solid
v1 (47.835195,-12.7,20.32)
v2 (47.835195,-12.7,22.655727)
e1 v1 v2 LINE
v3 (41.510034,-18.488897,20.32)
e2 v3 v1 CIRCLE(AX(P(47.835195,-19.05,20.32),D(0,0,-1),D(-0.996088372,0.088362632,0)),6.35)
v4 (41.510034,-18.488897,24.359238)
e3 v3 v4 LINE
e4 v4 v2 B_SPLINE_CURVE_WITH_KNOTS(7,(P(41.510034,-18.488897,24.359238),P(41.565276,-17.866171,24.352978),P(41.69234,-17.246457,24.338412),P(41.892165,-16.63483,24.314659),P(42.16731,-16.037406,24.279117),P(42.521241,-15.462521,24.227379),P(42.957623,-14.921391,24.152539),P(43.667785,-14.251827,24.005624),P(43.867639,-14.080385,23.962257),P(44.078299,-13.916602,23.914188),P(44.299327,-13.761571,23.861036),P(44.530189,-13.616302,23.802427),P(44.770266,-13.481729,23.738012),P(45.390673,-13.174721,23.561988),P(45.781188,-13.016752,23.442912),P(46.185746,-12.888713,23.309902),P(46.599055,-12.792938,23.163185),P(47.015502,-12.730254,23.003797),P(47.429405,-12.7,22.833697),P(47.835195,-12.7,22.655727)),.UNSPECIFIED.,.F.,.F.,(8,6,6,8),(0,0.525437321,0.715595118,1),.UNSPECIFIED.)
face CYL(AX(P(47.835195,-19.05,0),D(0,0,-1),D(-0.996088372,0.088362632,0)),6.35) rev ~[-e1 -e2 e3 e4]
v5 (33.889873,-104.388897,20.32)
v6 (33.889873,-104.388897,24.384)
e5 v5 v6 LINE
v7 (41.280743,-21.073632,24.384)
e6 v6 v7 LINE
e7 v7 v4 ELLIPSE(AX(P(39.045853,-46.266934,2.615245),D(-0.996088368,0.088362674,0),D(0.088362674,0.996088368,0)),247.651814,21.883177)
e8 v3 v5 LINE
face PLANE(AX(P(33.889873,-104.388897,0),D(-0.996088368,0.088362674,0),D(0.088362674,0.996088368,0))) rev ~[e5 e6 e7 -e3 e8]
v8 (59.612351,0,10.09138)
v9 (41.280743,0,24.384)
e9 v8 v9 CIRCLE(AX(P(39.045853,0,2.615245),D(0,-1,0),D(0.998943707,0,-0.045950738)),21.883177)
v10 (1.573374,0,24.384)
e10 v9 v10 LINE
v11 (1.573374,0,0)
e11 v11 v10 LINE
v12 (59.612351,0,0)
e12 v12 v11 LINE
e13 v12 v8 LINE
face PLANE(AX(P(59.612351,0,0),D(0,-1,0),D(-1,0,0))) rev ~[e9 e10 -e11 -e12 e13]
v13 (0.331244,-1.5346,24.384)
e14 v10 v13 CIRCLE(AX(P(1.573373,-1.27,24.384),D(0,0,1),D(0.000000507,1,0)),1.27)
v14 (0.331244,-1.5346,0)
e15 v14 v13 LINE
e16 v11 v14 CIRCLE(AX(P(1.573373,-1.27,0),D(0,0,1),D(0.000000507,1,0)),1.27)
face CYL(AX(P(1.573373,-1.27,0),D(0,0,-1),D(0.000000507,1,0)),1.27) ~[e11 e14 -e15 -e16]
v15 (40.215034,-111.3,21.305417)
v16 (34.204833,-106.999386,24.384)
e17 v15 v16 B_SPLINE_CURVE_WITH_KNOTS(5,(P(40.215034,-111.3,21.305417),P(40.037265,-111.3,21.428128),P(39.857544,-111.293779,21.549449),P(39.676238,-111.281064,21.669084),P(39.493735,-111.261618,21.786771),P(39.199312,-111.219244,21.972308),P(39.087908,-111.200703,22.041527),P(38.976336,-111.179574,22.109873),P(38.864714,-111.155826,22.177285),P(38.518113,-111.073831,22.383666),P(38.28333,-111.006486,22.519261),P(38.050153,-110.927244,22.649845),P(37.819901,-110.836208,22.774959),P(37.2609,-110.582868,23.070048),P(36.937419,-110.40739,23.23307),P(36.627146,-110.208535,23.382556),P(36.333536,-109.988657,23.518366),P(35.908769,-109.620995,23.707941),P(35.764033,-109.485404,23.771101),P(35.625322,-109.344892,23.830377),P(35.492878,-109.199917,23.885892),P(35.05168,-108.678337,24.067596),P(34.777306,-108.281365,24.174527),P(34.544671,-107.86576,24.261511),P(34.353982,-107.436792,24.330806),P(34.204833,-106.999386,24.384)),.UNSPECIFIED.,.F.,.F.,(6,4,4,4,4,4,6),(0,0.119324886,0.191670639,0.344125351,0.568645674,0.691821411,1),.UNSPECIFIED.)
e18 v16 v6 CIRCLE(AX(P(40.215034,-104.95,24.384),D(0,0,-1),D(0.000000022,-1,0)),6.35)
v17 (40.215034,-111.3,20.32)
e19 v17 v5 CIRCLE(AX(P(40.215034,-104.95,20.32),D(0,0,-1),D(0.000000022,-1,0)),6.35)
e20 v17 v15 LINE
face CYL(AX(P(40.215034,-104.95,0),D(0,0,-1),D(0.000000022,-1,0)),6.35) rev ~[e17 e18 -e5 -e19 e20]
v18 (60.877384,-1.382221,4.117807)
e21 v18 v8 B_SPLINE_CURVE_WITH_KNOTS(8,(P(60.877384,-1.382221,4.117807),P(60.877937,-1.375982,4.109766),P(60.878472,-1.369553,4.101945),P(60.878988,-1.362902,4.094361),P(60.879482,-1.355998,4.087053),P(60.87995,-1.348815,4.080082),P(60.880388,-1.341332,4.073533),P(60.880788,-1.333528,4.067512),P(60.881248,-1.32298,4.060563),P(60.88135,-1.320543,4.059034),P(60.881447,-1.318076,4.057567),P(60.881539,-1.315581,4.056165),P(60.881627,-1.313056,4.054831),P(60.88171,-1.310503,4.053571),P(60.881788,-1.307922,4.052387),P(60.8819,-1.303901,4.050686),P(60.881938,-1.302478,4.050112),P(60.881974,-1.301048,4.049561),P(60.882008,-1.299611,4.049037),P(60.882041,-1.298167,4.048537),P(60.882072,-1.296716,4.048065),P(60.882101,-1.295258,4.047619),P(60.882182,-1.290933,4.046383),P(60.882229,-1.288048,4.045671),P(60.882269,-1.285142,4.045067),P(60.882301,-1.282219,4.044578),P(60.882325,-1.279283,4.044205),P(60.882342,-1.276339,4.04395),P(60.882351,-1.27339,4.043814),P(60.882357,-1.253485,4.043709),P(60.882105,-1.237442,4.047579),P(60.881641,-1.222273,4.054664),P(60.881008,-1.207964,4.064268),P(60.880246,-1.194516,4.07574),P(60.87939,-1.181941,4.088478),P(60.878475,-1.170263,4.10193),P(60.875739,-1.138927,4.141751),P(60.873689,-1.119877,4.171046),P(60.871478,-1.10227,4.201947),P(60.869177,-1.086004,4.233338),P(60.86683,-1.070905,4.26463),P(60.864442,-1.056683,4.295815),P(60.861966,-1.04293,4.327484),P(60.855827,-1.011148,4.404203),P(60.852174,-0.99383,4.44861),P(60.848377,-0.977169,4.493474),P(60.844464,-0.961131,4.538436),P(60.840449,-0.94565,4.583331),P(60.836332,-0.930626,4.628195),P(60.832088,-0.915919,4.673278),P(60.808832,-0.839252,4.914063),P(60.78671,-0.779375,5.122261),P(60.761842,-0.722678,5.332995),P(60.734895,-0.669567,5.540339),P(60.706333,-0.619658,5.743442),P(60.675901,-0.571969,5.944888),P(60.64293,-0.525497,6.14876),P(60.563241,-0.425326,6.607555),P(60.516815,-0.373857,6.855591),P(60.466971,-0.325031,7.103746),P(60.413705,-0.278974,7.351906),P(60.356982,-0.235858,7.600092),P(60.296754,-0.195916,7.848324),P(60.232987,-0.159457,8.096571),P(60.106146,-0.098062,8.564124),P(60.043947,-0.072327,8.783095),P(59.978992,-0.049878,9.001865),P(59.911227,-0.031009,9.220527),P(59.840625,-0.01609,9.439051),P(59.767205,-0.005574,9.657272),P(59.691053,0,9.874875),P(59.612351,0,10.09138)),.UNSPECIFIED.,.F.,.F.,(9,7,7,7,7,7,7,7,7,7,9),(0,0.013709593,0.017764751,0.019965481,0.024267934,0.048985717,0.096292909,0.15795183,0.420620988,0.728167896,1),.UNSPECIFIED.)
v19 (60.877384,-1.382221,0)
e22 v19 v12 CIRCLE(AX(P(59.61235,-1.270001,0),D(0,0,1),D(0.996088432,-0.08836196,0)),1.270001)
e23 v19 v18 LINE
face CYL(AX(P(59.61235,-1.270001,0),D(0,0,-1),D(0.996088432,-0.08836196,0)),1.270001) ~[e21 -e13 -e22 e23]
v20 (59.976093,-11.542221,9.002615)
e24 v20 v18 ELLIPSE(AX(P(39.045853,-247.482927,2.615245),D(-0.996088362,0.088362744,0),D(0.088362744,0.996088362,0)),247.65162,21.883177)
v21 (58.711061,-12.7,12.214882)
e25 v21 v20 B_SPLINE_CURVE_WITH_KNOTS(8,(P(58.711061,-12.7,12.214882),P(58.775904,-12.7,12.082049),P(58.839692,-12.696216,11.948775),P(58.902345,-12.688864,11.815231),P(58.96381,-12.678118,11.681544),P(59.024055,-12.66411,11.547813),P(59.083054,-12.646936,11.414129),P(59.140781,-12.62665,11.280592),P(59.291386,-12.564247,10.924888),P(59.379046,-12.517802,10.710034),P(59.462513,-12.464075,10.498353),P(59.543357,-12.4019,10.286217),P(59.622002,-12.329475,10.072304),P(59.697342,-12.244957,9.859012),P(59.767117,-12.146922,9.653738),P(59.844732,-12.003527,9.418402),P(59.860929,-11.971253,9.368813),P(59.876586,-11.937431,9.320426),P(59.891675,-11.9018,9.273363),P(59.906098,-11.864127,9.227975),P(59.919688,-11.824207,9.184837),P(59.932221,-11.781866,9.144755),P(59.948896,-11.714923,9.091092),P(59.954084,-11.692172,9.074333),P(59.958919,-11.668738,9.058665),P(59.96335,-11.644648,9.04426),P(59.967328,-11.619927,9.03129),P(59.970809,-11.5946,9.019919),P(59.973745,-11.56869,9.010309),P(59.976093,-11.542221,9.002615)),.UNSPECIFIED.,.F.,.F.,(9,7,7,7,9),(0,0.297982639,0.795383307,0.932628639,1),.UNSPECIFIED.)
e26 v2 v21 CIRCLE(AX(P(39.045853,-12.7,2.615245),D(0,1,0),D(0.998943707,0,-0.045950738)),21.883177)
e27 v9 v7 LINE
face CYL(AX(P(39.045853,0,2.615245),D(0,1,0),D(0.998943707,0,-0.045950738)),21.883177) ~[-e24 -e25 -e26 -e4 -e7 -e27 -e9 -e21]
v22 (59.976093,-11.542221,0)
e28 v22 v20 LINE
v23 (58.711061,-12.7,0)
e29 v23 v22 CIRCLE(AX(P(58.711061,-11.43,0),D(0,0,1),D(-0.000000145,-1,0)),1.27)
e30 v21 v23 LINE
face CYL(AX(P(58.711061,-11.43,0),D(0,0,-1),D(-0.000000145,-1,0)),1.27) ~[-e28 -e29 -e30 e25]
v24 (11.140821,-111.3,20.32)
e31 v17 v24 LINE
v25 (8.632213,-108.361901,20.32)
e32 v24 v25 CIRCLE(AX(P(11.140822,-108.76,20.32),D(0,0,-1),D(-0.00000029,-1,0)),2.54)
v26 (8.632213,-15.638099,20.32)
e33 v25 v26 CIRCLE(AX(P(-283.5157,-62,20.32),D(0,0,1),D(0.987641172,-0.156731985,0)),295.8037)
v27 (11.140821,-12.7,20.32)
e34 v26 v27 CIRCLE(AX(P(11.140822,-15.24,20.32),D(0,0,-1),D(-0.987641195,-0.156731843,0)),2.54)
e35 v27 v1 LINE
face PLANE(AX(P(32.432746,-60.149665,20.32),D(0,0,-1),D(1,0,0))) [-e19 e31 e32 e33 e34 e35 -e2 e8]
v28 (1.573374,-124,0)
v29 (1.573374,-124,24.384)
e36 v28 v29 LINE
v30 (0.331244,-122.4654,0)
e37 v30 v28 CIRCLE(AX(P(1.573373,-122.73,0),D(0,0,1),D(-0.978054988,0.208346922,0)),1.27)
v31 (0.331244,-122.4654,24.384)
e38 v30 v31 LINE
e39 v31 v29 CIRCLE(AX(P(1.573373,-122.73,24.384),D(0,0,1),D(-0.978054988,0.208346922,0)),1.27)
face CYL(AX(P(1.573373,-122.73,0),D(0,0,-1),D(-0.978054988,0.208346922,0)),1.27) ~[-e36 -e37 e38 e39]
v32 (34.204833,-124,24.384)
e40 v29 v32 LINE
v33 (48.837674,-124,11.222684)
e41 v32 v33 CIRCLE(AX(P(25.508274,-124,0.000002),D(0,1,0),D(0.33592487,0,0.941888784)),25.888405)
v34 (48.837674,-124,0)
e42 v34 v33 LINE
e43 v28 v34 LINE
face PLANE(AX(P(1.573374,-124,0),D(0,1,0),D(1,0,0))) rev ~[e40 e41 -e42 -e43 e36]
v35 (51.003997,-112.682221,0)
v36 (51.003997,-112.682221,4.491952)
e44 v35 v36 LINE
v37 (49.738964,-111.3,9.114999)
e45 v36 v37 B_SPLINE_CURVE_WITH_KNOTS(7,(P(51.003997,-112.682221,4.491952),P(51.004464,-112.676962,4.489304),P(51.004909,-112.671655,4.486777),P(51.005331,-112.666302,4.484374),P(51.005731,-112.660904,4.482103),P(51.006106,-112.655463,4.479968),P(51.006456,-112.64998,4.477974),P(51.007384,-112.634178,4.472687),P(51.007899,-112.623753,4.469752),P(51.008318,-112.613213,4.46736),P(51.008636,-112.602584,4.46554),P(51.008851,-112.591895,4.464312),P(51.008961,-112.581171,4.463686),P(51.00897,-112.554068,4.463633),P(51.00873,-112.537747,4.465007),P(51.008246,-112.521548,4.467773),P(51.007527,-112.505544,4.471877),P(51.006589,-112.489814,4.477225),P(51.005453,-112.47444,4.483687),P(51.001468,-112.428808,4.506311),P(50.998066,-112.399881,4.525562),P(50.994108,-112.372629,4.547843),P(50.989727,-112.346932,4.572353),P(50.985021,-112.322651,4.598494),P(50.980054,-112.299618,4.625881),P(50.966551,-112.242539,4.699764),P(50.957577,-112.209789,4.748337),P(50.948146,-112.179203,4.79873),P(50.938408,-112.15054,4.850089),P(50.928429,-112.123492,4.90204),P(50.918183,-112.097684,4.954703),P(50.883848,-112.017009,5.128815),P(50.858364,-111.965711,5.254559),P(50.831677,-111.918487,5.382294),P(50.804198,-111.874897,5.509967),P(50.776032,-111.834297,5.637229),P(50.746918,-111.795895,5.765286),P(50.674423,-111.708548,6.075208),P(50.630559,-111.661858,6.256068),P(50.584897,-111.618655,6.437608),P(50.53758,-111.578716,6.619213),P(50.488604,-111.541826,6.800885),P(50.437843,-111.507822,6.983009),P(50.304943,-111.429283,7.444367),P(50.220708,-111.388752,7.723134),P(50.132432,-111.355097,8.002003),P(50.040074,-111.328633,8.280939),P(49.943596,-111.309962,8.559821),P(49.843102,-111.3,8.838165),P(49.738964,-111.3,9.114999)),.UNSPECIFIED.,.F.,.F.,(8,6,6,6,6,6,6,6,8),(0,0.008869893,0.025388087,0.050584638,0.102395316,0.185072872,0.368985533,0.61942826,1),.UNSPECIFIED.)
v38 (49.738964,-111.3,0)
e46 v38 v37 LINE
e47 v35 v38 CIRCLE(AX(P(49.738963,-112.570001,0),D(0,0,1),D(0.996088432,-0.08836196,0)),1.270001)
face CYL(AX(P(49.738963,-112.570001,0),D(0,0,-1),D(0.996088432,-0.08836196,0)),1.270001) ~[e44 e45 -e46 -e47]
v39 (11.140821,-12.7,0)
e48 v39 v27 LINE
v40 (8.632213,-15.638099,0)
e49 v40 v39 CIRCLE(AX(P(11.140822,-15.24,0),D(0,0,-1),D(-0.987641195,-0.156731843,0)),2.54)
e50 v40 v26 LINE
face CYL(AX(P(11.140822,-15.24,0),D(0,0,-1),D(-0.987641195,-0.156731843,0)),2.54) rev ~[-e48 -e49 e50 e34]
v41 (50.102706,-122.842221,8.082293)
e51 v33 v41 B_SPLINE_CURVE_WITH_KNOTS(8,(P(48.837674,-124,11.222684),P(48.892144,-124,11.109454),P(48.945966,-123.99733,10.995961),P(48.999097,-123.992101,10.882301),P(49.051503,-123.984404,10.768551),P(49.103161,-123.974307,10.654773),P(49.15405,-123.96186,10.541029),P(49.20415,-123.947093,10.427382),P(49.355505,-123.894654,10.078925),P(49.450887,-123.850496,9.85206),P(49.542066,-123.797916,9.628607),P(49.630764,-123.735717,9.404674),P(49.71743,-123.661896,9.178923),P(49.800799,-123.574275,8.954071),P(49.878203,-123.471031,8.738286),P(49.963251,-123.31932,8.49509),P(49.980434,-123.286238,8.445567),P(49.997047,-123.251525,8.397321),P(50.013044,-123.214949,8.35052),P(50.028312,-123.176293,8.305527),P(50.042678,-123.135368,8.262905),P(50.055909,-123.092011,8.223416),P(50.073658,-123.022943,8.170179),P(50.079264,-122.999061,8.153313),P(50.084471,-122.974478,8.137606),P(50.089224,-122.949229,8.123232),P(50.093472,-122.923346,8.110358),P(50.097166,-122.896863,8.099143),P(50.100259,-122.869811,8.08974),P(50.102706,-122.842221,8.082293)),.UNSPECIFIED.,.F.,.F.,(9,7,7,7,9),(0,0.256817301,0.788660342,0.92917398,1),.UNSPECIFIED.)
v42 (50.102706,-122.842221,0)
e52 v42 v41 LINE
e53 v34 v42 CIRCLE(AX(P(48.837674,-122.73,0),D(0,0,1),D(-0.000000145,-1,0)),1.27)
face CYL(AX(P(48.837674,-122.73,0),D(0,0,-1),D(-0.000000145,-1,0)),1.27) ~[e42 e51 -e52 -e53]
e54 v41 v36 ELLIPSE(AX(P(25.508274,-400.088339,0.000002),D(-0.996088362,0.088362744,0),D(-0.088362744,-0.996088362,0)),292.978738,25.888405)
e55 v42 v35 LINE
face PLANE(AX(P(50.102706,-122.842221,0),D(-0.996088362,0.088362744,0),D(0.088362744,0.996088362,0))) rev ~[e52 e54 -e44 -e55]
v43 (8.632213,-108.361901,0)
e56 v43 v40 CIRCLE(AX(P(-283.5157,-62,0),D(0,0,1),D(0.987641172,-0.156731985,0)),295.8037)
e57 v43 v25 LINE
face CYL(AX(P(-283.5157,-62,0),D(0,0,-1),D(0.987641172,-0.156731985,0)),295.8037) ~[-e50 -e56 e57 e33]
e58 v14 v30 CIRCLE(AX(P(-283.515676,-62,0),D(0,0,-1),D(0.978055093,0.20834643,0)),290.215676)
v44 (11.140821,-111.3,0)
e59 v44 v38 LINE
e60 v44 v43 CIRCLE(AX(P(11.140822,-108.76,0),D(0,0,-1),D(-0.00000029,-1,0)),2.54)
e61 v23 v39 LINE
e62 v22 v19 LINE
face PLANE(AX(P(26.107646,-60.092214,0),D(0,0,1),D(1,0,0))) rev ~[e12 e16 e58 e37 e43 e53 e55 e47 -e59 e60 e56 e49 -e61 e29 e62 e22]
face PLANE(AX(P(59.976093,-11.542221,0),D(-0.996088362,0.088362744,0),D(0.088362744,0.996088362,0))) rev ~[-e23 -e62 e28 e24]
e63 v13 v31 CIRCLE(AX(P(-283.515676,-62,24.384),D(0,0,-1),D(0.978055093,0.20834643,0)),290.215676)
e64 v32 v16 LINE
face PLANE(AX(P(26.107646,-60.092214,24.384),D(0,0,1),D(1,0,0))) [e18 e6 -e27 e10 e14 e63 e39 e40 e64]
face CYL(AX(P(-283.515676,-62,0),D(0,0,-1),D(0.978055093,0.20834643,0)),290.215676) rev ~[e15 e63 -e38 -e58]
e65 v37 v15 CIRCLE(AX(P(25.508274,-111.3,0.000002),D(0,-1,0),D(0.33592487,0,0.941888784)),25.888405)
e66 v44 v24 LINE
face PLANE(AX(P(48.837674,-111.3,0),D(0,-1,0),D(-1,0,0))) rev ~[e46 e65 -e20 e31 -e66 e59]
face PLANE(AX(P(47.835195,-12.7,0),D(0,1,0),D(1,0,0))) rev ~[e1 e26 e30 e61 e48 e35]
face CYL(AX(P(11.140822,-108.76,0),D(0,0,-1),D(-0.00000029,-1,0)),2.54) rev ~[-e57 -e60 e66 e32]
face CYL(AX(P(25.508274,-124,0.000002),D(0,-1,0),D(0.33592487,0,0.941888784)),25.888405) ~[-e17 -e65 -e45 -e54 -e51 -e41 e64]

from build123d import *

# Parameters (mm, degrees)
F1_DEPTH = 24.384
F3_DEPTH = 20.32
F6_DEPTH = 124.001
F7_DEPTH = 19.5072


with BuildPart() as f1:
    # F0 (on Top) → F1 (new body)
    with BuildSketch(Plane.XY):
        with BuildLine():
            Line((59.612351, 0), (1.573374, 0))
            ThreePointArc((1.573374, 0), (0.586221, -0.470982), (0.331244, -1.5346))
            ThreePointArc((0.331244, -1.5346), (6.7, -62), (0.331244, -122.4654))
            ThreePointArc((0.331244, -122.4654), (0.586221, -123.529018), (1.573374, -124))
            Line((1.573374, -124), (48.837674, -124))
            ThreePointArc((48.837674, -124), (49.695106, -123.666862), (50.102706, -122.842221))
            Line((50.102706, -122.842221), (51.003997, -112.682221))
            ThreePointArc((51.003997, -112.682221), (50.675826, -111.712568), (49.738964, -111.3))
            Line((49.738964, -111.3), (40.215034, -111.3))
            ThreePointArc((40.215034, -111.3), (35.530725, -109.237161), (33.889873, -104.388897))
            Line((33.889873, -104.388897), (41.510034, -18.488897))
            ThreePointArc((41.510034, -18.488897), (43.548034, -14.365691), (47.835195, -12.7))
            Line((47.835195, -12.7), (58.711061, -12.7))
            ThreePointArc((58.711061, -12.7), (59.568493, -12.366862), (59.976093, -11.542221))
            Line((59.976093, -11.542221), (60.877384, -1.382221))
            ThreePointArc((60.877384, -1.382221), (60.549213, -0.412568), (59.612351, 0))
        make_face()
    extrude(amount=F1_DEPTH)

    # F2 (on face) → F3 (cut)
    with BuildSketch(Plane(origin=(0, 0, 0), x_dir=(1, 0, 0), z_dir=(0, 0, -1))):
        with BuildLine():
            ThreePointArc((11.140821, 111.3), (9.209142, 110.409307), (8.632213, 108.361901))
            ThreePointArc((8.632213, 108.361901), (12.288, 62), (8.632213, 15.638099))
            ThreePointArc((8.632213, 15.638099), (9.209142, 13.590693), (11.140821, 12.7))
            Line((11.140821, 12.7), (59.612351, 12.7))
            Line((59.612351, 12.7), (48.837674, 111.3))
            Line((48.837674, 111.3), (11.140821, 111.3))
        make_face()
    extrude(amount=-F3_DEPTH, mode=Mode.SUBTRACT)

    # F4 (on face) → F6 (cut, through all)
    with BuildSketch(Plane(origin=(0, 0, 0), x_dir=(-1, 0, 0), z_dir=(0, 1, 0))):
        with BuildLine():
            Line((-60.905915, 0), (-60.905915, 1.609697))
            ThreePointArc((-60.905915, 1.609697), (-55.623214, 16.900361), (-41.280743, 24.384))
            Line((-41.280743, 24.384), (-40.572539, 44.529654))
            Line((-40.572539, 44.529654), (-74.00889, 45.705081))
            Line((-74.00889, 45.705081), (-79.637952, 1.058017))
            Line((-79.637952, 1.058017), (-60.905915, 0))
        make_face()
    extrude(amount=-F6_DEPTH, mode=Mode.SUBTRACT)

    # F5 (on face) → F7 (cut)
    with BuildSketch(Plane.XZ.offset(124)):
        with BuildLine():
            ThreePointArc((34.204833, 24.384), (46.666601, 14.917599), (51.396679, 0))
            Line((51.396679, 0), (51.396679, 24.384))
            Line((51.396679, 24.384), (34.204833, 24.384))
        make_face()
    extrude(amount=-F7_DEPTH, mode=Mode.SUBTRACT)


solid = f1.part
